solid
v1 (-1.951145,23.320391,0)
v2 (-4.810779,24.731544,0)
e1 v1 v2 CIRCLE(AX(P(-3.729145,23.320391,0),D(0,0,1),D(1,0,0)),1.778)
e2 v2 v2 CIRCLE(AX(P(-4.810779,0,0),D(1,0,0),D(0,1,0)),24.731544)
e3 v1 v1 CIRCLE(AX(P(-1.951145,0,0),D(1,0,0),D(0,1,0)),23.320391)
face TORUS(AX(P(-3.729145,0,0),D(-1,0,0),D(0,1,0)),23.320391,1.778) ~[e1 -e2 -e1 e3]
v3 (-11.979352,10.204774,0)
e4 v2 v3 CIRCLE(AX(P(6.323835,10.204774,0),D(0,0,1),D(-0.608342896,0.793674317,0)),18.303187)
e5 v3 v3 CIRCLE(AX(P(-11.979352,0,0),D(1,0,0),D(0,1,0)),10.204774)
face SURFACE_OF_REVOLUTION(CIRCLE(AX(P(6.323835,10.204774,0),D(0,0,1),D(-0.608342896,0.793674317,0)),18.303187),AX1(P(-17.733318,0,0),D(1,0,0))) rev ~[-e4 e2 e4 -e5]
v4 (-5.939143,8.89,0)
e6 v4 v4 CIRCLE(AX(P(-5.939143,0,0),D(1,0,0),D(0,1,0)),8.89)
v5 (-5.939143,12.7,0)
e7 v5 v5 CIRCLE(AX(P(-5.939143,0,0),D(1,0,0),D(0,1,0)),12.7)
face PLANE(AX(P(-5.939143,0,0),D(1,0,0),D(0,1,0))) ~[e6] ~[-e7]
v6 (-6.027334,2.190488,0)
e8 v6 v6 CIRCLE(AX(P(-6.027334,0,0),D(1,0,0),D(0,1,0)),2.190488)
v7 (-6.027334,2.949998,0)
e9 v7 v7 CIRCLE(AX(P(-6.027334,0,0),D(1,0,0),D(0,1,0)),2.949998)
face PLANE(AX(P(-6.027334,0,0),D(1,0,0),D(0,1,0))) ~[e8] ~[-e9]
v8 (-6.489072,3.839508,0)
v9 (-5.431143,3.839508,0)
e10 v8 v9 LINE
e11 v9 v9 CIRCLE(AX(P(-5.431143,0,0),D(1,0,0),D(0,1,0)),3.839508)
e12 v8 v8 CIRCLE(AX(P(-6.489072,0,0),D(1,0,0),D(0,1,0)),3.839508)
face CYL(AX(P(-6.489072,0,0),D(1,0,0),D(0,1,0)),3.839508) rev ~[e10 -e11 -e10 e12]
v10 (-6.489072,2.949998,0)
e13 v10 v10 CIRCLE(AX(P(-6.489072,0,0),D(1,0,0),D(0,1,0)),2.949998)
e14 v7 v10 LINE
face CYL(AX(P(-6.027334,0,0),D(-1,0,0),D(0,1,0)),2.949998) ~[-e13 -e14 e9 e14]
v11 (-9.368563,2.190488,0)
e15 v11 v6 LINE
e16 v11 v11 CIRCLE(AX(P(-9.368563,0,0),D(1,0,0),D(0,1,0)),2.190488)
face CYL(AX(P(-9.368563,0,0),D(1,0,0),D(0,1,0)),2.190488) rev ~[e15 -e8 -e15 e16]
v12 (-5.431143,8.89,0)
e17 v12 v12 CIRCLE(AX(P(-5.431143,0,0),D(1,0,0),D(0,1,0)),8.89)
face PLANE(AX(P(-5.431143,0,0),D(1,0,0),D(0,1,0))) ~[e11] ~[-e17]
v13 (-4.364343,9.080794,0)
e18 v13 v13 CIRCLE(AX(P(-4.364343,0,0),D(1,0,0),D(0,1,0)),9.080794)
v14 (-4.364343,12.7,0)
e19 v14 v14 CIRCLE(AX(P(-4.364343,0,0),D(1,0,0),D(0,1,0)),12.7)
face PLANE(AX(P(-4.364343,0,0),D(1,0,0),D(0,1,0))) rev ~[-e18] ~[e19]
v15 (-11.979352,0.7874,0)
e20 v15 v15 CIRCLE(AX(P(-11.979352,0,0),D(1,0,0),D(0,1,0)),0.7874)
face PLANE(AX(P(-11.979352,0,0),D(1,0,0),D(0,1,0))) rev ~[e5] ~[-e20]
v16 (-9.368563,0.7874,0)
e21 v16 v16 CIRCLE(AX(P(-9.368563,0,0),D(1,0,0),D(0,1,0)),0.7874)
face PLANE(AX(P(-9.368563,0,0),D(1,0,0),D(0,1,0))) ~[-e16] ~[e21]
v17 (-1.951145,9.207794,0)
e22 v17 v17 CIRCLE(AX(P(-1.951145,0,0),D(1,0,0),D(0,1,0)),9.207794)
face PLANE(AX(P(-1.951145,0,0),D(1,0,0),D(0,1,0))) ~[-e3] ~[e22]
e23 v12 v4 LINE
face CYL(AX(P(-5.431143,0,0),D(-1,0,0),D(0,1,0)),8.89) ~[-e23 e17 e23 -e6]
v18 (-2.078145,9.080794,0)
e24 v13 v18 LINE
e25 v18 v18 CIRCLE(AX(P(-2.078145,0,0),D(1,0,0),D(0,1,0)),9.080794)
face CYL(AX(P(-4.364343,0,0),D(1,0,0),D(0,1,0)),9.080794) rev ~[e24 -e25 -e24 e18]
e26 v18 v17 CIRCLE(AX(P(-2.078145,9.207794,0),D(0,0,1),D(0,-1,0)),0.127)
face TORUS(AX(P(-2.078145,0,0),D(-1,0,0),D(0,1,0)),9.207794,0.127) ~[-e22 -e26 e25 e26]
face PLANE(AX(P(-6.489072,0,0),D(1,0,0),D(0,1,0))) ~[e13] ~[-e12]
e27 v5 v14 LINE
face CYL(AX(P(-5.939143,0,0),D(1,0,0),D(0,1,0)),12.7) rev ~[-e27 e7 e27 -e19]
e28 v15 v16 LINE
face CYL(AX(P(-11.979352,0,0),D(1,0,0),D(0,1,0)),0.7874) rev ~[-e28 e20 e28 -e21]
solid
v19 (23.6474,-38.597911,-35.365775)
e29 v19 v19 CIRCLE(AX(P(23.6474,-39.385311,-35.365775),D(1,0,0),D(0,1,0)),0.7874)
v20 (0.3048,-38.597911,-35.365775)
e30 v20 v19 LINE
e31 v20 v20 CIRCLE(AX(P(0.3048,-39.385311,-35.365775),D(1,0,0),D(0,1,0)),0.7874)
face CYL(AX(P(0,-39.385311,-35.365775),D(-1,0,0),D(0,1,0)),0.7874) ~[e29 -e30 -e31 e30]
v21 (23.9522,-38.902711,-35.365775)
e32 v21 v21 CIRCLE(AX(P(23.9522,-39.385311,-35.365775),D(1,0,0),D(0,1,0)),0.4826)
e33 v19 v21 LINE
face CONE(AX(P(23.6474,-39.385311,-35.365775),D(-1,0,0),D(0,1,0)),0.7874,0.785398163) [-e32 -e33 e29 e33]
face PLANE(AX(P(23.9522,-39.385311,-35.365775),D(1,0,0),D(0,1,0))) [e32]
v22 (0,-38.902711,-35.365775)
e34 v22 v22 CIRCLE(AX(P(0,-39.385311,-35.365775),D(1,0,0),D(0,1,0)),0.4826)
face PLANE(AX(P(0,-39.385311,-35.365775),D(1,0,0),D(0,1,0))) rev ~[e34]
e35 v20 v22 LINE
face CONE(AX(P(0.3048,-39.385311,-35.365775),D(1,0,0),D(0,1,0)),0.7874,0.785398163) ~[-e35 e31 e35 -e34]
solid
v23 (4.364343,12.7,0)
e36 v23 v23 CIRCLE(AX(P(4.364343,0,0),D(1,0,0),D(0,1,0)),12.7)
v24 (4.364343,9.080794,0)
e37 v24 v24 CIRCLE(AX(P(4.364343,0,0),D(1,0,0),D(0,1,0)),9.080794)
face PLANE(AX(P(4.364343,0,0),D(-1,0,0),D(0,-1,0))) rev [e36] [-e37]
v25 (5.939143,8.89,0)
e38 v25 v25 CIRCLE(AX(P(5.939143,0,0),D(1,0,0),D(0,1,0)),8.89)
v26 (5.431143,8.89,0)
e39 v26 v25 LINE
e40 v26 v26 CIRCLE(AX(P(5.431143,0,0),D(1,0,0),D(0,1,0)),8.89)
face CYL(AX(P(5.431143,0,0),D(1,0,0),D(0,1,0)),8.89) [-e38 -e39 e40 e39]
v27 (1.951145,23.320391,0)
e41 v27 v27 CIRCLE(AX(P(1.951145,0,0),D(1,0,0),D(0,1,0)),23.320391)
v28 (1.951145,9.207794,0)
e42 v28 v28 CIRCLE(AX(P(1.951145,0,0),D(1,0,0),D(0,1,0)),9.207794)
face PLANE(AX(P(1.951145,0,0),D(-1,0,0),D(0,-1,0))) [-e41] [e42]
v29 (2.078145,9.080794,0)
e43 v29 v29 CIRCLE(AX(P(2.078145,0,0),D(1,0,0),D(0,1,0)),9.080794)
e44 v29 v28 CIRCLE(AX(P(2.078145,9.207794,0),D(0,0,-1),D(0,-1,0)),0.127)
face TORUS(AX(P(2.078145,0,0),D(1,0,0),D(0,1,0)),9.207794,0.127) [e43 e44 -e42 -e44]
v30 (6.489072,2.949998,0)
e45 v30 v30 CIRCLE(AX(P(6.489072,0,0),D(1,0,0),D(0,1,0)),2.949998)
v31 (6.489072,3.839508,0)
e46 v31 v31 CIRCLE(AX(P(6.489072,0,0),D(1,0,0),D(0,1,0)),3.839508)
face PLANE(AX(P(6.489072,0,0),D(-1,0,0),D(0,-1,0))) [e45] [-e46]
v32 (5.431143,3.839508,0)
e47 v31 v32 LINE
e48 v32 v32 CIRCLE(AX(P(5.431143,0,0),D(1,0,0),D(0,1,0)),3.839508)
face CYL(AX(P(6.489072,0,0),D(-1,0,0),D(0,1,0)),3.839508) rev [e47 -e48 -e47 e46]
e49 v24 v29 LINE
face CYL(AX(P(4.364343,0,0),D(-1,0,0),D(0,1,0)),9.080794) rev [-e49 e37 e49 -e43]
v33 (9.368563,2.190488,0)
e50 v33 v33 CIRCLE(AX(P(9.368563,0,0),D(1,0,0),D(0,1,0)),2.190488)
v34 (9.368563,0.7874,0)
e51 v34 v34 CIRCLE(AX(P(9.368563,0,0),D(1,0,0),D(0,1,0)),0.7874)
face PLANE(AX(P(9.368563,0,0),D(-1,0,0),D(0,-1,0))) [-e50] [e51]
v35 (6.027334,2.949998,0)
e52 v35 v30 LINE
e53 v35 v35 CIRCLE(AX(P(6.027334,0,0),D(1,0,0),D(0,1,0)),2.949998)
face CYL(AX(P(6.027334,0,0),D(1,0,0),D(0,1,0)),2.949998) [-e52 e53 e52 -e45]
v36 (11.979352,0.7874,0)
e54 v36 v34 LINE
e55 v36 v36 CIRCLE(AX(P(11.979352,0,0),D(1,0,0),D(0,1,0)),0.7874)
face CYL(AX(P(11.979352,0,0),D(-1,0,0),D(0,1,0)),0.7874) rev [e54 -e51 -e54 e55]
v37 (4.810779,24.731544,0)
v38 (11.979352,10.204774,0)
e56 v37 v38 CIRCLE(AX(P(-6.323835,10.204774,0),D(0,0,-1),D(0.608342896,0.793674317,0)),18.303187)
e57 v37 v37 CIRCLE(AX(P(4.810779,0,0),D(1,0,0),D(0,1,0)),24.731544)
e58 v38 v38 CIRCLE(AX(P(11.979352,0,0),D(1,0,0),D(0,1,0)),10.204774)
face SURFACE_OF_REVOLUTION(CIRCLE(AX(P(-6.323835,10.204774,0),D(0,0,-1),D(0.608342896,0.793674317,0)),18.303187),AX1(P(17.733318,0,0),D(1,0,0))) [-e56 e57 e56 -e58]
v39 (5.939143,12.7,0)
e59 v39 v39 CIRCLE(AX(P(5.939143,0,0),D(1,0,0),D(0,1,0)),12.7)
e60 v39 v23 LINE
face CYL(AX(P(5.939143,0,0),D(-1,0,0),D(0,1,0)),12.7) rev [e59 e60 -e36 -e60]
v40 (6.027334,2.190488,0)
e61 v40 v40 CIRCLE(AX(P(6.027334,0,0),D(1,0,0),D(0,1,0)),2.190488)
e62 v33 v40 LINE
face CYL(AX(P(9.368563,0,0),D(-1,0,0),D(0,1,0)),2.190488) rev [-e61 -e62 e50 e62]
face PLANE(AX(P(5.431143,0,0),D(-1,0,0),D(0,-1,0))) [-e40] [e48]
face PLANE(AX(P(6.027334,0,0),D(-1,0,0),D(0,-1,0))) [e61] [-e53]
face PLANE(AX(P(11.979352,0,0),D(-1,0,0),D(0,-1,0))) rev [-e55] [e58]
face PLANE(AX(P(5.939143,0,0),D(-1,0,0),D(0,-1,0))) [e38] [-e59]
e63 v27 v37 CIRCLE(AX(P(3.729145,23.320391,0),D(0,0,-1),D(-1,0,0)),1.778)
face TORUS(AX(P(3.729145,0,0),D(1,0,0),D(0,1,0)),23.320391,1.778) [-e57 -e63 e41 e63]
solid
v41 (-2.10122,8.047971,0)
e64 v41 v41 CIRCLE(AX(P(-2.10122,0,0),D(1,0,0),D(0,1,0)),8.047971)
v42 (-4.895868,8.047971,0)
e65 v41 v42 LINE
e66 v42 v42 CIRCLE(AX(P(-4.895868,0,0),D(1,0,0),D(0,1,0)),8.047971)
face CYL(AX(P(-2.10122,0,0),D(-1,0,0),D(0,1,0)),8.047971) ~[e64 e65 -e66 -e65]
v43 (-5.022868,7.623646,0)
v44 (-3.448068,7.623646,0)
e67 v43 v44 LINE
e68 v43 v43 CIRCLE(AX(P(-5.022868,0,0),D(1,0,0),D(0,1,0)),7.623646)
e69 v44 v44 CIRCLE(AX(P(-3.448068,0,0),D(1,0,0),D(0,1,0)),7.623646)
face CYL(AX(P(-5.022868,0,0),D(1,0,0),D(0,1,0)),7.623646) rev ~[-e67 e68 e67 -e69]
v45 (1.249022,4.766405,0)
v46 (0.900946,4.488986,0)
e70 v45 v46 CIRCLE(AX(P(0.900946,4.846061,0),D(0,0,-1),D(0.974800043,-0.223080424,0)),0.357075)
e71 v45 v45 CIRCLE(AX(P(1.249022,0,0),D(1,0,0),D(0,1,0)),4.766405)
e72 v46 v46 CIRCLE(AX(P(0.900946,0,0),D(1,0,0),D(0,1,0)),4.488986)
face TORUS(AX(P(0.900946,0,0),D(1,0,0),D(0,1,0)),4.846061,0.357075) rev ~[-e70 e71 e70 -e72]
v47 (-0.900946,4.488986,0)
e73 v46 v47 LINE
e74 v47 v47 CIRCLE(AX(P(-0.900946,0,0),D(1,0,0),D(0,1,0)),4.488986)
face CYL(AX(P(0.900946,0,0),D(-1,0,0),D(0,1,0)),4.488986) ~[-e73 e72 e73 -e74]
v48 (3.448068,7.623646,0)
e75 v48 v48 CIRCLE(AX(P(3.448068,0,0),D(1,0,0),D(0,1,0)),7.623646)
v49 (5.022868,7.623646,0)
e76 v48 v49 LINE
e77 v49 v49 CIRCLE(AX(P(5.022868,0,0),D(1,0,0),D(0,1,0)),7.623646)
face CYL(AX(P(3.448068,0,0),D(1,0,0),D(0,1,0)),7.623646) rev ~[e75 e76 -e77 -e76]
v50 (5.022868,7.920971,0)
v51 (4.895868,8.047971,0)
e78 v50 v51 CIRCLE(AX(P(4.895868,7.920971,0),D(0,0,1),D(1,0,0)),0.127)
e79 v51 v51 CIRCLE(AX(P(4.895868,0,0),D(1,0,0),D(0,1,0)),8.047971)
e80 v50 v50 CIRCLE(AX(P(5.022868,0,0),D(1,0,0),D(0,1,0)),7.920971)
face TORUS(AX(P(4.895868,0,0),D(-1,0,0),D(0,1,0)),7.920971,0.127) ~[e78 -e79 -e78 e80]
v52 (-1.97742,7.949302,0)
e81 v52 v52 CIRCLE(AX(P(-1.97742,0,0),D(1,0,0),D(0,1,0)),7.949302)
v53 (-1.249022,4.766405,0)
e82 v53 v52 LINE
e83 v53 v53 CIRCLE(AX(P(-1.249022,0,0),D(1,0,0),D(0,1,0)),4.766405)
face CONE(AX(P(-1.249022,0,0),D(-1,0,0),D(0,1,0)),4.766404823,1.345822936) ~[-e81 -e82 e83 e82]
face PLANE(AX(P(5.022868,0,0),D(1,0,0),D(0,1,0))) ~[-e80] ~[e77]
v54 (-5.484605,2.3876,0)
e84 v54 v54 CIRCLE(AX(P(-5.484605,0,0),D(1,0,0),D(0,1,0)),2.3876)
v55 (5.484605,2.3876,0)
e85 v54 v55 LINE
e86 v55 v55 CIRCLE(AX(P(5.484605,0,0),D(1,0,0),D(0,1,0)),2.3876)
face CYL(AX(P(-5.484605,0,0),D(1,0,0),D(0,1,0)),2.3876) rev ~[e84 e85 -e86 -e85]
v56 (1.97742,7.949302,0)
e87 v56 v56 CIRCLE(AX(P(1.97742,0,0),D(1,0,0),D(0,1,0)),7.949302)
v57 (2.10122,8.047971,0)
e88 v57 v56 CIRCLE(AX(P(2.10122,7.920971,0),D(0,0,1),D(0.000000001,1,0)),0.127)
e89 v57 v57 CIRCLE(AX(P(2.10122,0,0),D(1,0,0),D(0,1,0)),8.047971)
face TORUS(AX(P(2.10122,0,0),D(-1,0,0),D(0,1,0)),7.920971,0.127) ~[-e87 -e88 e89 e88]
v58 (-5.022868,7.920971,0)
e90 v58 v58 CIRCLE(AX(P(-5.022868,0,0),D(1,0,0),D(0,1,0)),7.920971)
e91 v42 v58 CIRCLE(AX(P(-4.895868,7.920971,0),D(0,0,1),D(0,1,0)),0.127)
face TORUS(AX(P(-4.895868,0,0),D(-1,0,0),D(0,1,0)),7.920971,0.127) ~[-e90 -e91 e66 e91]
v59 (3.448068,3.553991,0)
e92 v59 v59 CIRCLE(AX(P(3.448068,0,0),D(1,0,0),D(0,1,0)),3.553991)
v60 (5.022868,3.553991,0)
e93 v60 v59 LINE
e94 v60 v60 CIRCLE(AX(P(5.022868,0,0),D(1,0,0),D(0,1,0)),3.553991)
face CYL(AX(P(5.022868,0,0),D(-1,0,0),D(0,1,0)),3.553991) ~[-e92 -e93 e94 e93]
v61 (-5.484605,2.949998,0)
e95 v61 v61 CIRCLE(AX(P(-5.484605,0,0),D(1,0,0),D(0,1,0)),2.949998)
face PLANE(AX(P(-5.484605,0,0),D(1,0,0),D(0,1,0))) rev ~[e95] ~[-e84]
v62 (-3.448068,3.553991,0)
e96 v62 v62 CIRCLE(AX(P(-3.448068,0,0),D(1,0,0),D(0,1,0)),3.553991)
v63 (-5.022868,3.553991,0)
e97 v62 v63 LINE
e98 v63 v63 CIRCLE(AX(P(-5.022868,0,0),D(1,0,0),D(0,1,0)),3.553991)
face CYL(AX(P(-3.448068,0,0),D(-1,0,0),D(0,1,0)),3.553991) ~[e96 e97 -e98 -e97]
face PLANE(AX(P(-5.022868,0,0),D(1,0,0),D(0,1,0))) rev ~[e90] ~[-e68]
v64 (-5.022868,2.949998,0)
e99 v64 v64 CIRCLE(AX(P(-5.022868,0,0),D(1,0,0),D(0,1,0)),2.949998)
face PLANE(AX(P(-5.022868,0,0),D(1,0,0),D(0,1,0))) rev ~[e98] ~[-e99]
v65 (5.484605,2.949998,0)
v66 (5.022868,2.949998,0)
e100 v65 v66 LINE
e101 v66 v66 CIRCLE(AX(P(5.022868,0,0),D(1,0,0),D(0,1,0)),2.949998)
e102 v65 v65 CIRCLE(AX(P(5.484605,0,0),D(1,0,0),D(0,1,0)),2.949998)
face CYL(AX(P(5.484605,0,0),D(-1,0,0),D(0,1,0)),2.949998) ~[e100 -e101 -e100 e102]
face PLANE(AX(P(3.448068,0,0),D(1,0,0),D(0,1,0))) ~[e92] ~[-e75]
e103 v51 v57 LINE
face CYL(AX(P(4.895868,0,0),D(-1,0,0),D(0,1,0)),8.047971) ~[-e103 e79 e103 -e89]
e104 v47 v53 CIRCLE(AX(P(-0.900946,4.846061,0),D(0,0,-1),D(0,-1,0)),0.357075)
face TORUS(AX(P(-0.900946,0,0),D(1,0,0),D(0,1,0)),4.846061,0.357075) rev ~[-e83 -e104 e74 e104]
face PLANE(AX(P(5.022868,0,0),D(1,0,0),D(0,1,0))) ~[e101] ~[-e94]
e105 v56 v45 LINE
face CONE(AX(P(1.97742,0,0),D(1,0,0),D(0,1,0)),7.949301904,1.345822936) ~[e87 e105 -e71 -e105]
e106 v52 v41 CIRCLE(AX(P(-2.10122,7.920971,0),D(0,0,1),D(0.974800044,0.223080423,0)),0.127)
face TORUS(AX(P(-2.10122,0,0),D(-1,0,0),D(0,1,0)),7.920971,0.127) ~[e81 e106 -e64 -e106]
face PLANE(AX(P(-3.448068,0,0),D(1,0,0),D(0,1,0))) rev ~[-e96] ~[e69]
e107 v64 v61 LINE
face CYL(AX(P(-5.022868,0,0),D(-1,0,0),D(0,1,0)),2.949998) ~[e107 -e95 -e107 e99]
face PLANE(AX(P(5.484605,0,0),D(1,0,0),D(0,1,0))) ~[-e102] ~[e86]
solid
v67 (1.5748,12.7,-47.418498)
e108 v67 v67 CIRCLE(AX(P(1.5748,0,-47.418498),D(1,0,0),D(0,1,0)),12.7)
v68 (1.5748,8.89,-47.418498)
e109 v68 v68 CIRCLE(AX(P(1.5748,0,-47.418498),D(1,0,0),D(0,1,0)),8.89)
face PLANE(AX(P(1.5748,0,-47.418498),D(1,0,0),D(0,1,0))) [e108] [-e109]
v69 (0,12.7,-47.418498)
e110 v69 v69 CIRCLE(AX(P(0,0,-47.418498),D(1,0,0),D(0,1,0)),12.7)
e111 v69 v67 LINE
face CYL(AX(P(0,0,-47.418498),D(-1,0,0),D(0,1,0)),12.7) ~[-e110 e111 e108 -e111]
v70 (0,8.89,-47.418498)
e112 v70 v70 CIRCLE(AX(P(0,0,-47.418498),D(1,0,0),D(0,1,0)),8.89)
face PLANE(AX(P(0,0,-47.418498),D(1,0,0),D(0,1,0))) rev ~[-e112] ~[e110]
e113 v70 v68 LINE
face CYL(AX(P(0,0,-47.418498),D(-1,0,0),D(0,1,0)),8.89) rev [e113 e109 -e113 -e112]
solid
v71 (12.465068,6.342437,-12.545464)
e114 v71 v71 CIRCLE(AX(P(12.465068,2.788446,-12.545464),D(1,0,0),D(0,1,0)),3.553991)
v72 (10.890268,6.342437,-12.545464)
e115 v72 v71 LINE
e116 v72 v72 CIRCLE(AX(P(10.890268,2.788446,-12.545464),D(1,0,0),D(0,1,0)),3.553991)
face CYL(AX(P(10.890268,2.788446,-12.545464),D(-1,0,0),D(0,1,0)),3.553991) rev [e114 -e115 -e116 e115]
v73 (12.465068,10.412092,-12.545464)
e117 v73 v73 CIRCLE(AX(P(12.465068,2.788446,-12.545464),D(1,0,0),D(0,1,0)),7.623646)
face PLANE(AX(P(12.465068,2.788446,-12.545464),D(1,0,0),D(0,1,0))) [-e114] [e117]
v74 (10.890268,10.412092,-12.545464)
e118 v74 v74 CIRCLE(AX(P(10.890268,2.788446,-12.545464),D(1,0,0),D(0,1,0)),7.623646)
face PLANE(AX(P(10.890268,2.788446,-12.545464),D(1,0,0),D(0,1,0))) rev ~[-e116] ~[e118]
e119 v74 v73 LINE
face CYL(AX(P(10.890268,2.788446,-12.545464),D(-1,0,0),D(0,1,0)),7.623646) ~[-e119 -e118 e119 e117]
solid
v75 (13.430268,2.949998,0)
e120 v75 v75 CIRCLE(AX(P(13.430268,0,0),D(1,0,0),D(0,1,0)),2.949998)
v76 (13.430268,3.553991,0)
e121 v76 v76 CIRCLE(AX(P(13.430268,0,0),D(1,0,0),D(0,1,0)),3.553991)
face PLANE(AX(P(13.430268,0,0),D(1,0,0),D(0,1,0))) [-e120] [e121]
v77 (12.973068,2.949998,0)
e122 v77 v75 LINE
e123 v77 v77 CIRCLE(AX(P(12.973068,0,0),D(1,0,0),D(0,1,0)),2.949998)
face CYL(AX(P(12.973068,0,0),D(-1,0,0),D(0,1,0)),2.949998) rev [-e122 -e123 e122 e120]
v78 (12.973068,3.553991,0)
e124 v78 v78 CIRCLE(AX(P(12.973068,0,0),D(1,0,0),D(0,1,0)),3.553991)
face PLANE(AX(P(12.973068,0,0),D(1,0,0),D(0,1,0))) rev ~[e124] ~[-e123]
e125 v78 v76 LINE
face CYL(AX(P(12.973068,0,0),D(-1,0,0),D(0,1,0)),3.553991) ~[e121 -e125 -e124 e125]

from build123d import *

# Parameters (mm, degrees)
F1_R      = 0.7874
F2_DEPTH  = 33.909
F3_SIZE   = 0.3048
F9_R      = 7.6236459427
F9_R_2    = 3.553991206
F10_DEPTH = 1.5748
F12_R     = 3.553991206
F12_R_2   = 2.9499975499
F13_DEPTH = 0.4572
F16_R     = 12.7
F16_R_2   = 8.89
F17_DEPTH = 1.5748
F18_DEPTH = 23.9522
F19_SIZE  = 0.3048


with BuildPart() as f2:
    # F1 (on Right) → F2 (new body)
    with BuildSketch(Plane.YZ):
        with Locations((-39.3853113055, -35.3657752275)):
            Circle(F1_R)
    extrude(amount=F2_DEPTH)

    # F3
    f3_edges = [f2.edges().sort_by_distance(p)[0] for p in [
        (33.909, -40.172711, -35.365775),
        (0, -40.172711, -35.365775),
    ]]
    chamfer(f3_edges, length=F3_SIZE)


with BuildPart() as f5:
    # F4 (on Top) → F5 (revolve)
    with BuildSketch(Plane.XY):
        with BuildLine():
            ThreePointArc((-4.810778987, 24.7315437196), (-10.0896592648, 18.3043957243), (-11.9793522448, 10.2047742033))
            Line((-11.9793522448, 10.2047742033), (-11.9793522448, 0.7874))
            Line((-11.9793522448, 0.7874), (-9.3685631268, 0.7874))
            Line((-9.3685631268, 0.7874), (-9.3685631268, 2.1904882131))
            Line((-9.3685631268, 2.1904882131), (-6.0273339317, 2.1904882131))
            Line((-6.0273339317, 2.1904882131), (-6.0273339317, 2.9499975499))
            Line((-6.0273339317, 2.9499975499), (-6.4890715294, 2.9499975499))
            Line((-6.4890715294, 2.9499975499), (-6.4890715294, 3.8395083975))
            Line((-6.4890715294, 3.8395083975), (-5.4311427785, 3.8395083975))
            Line((-5.4311427785, 3.8395083975), (-5.4311427785, 8.89))
            Line((-5.4311427785, 8.89), (-5.9391427785, 8.89))
            Line((-5.9391427785, 8.89), (-5.9391427785, 12.7))
            Line((-5.9391427785, 12.7), (-4.3643427785, 12.7))
            Line((-4.3643427785, 12.7), (-4.3643427785, 9.2077940939))
            Line((-4.3643427785, 9.2077940939), (-4.3643427785, 9.0807940939))
            Line((-4.3643427785, 9.0807940939), (-4.2585514377, 9.0807940939))
            Line((-4.2585514377, 9.0807940939), (-2.6545385182, 9.0807940939))
            Line((-2.6545385182, 9.0807940939), (-2.0781453184, 9.0807940939))
            ThreePointArc((-2.0781453184, 9.0807940939), (-1.9883427572, 9.1179915327), (-1.9511453184, 9.2077940939))
            Line((-1.9511453184, 9.2077940939), (-1.9511453184, 23.3203907843))
            ThreePointArc((-1.9511453184, 23.3203907843), (-2.9423355138, 24.9148230755), (-4.810778987, 24.7315437196))
        make_face()
    revolve(axis=Axis((-17.7333177999, 0, 0), (1, 0, 0)))


with BuildPart() as f6:
    # F0 (on Top) → F6 (revolve)
    with BuildSketch(Plane.XY):
        with BuildLine():
            Line((-1.2490222894, 4.7664048232), (-1.977419908, 7.9493019037))
            ThreePointArc((-1.977419908, 7.9493019037), (-2.0220648047, 8.0202860063), (-2.1012195135, 8.0479706898))
            Line((-2.1012195135, 8.0479706898), (-4.8958676104, 8.0479706898))
            ThreePointArc((-4.8958676104, 8.0479706898), (-4.9856701716, 8.010773251), (-5.0228676104, 7.9209706898))
            Line((-5.0228676104, 7.9209706898), (-5.0228676104, 7.6236459427))
            Line((-5.0228676104, 7.6236459427), (-3.4480676104, 7.6236459427))
            Line((-3.4480676104, 7.6236459427), (-3.4480676104, 3.553991206))
            Line((-3.4480676104, 3.553991206), (-5.0228676104, 3.553991206))
            Line((-5.0228676104, 3.553991206), (-5.0228676104, 2.9499975499))
            Line((-5.0228676104, 2.9499975499), (-5.484605208, 2.9499975499))
            Line((-5.484605208, 2.9499975499), (-5.484605208, 2.3876))
            Line((-5.484605208, 2.3876), (5.484605208, 2.3876))
            Line((5.484605208, 2.3876), (5.484605208, 2.9499975499))
            Line((5.484605208, 2.9499975499), (5.0228676104, 2.9499975499))
            Line((5.0228676104, 2.9499975499), (5.0228676104, 3.553991206))
            Line((5.0228676104, 3.553991206), (3.4480676104, 3.553991206))
            Line((3.4480676104, 3.553991206), (3.4480676104, 7.6236459427))
            Line((3.4480676104, 7.6236459427), (5.0228676104, 7.6236459427))
            Line((5.0228676104, 7.6236459427), (5.0228676104, 7.9209706898))
            ThreePointArc((5.0228676104, 7.9209706898), (4.9856701716, 8.010773251), (4.8958676104, 8.0479706898))
            Line((4.8958676104, 8.0479706898), (2.1012195135, 8.0479706898))
            ThreePointArc((2.1012195135, 8.0479706898), (2.0220648047, 8.0202860063), (1.977419908, 7.9493019037))
            Line((1.977419908, 7.9493019037), (1.2490222894, 4.7664048232))
            ThreePointArc((1.2490222894, 4.7664048232), (1.1234981698, 4.5668250809), (0.9009458546, 4.4889864972))
            Line((0.9009458546, 4.4889864972), (-0.9009458546, 4.4889864972))
            ThreePointArc((-0.9009458546, 4.4889864972), (-1.1234981698, 4.5668250809), (-1.2490222894, 4.7664048232))
        make_face()
    revolve(axis=Axis((2.2696501616, 0, 0), (1, 0, 0)))


with BuildPart() as f8_1:
    # F8: instance of F5
    add(f5.part.mirror(Plane.YZ))


with BuildPart() as f10:
    # F9 (on face) → F10 (new body)
    with BuildSketch(Plane.YZ.offset(3.4480676104)):
        with Locations((2.7884461451, -34.8212644458)):
            Circle(F9_R)
        with Locations((2.7884461451, -34.8212644458)):
            Circle(F9_R_2, mode=Mode.SUBTRACT)
    extrude(amount=F10_DEPTH)


with BuildPart() as f10_1:
    # F11: moved
    add(f10.part.moved(Location((7.4422, 0, 0))))


with BuildPart() as f13:
    # F12 (on face) → F13 (new body)
    with BuildSketch(Plane.YZ.offset(5.0228676104)):
        Circle(F12_R)
        Circle(F12_R_2, mode=Mode.SUBTRACT)
    extrude(amount=F13_DEPTH)


with BuildPart() as f13_1:
    # F14: moved
    add(f13.part.moved(Location((7.9502, 0, 0))))


with BuildPart() as f10_2:
    # F15: moved
    add(f10_1.part.moved(Location((0, 0, 22.2758))))


with BuildPart() as f17:
    # F16 (on Right) → F17 (new body)
    with BuildSketch(Plane.YZ):
        with Locations((0, -47.4184975028)):
            Circle(F16_R)
        with Locations((0, -47.4184975028)):
            Circle(F16_R_2, mode=Mode.SUBTRACT)
    extrude(amount=F17_DEPTH)


with BuildPart() as f18:
    # F1 (on Right) → F18 (new body)
    with BuildSketch(Plane.YZ):
        with Locations((-39.3853113055, -35.3657752275)):
            Circle(F1_R)
    extrude(amount=F18_DEPTH)

    # F19
    f19_edges = [f18.edges().sort_by_distance(p)[0] for p in [
        (23.9522, -40.172711, -35.365775),
        (0, -40.172711, -35.365775),
    ]]
    chamfer(f19_edges, length=F19_SIZE)


solid = Compound([f5.part, f6.part, f8_1.part, f13_1.part, f10_2.part, f17.part, f18.part])
